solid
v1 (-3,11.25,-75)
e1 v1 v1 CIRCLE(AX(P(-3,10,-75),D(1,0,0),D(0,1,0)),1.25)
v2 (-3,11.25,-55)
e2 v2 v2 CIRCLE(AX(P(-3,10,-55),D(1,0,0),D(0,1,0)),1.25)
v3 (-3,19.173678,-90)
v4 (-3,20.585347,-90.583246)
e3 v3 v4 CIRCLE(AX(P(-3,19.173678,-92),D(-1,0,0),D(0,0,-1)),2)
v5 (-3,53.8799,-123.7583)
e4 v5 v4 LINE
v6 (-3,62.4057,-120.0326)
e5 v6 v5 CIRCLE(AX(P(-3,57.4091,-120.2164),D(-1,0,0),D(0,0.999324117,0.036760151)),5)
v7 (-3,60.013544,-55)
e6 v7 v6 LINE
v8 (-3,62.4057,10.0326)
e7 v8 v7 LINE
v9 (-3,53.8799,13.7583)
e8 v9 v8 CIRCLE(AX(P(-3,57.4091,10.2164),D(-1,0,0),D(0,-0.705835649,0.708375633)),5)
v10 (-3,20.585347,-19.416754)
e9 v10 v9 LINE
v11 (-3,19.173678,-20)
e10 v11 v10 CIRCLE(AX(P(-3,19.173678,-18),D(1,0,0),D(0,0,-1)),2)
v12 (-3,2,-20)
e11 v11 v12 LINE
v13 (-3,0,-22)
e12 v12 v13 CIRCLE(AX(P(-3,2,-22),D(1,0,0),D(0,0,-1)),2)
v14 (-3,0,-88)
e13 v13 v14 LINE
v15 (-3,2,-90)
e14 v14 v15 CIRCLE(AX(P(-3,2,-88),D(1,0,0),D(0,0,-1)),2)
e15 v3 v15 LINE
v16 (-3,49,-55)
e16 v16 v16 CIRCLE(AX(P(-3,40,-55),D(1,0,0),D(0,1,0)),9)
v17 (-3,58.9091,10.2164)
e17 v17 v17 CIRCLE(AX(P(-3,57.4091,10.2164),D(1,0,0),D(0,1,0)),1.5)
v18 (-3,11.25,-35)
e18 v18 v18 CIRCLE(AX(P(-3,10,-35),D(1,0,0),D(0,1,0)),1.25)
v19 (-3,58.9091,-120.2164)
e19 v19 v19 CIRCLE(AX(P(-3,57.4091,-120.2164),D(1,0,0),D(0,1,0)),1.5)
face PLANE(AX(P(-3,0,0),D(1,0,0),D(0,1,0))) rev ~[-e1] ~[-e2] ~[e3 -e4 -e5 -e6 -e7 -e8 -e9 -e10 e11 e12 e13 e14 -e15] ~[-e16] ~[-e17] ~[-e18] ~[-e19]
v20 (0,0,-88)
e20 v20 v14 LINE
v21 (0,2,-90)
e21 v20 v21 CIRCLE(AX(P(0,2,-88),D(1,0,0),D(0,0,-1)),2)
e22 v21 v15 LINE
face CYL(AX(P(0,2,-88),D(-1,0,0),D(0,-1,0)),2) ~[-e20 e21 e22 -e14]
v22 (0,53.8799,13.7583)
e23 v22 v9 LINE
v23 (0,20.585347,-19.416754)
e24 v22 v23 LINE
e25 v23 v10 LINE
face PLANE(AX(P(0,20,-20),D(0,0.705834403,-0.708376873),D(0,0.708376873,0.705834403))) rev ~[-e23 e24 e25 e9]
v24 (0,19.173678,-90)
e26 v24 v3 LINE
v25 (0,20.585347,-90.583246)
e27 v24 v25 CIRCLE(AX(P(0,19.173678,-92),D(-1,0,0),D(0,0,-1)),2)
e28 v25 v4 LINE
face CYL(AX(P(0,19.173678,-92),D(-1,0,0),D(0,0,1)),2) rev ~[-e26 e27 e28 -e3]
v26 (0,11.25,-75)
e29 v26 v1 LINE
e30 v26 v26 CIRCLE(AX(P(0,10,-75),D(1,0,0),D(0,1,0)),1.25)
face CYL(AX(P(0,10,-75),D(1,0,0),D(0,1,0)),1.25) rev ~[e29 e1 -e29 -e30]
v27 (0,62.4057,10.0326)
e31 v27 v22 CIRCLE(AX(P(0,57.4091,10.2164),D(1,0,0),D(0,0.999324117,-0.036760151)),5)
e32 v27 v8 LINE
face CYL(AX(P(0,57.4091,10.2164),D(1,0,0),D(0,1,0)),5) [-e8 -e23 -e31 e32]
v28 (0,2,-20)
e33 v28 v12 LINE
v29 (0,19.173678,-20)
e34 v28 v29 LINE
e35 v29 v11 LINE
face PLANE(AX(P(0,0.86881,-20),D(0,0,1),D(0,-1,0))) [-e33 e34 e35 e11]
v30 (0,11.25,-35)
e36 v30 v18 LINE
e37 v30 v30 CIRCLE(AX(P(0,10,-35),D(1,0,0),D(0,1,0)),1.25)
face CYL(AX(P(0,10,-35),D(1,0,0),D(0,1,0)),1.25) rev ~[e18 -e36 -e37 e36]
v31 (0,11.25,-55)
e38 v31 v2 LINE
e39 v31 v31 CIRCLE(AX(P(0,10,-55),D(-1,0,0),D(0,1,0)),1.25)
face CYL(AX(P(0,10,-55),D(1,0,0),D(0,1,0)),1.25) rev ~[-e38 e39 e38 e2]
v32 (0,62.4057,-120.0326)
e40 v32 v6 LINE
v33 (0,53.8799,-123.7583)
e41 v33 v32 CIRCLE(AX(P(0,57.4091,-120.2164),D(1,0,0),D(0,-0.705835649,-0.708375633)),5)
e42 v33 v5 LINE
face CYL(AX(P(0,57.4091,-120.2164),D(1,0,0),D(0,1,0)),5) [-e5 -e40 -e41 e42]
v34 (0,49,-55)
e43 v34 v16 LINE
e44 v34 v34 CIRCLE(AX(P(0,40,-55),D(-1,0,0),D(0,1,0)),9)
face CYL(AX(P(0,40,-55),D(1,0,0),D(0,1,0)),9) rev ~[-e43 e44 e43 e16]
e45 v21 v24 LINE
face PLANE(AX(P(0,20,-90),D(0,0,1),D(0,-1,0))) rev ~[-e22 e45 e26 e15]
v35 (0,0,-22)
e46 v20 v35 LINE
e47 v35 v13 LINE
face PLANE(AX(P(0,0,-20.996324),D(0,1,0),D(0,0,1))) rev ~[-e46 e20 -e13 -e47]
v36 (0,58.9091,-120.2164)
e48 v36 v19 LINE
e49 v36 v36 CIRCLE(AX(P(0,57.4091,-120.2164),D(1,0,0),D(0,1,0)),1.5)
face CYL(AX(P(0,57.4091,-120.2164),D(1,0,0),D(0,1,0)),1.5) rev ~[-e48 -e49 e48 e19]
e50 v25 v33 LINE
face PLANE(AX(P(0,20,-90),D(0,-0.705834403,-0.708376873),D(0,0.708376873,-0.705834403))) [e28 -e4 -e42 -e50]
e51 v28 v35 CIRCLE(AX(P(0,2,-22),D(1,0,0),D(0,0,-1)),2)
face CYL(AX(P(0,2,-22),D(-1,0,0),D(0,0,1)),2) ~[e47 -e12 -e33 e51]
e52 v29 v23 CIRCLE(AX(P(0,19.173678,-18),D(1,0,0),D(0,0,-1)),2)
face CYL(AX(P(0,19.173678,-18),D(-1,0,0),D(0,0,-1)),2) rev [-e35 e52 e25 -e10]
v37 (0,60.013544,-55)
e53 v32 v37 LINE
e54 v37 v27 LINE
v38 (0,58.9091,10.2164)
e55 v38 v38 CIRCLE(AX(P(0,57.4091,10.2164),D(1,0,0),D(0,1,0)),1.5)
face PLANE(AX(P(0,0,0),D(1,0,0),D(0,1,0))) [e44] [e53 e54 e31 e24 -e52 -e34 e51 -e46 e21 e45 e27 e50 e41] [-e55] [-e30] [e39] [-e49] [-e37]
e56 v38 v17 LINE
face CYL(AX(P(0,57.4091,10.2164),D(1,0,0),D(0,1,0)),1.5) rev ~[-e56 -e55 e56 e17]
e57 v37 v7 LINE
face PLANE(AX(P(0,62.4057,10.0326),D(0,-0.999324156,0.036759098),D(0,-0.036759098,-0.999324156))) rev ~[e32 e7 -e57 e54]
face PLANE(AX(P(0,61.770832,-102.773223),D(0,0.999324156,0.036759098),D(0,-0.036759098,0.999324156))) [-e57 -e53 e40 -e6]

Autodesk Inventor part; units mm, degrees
ref_plane "YZ Plane" through (0, 0, 0) normal (1, 0, 0) x (0, 1, 0)
ref_plane "XZ Plane" through (0, 0, 0) normal (0, 1, 0) x (-1, 0, 0)
ref_plane "XY Plane" through (0, 0, 0) normal (0, 0, 1) x (1, 0, 0)
sketch "スケッチ1" plane through (0, 0, 0) normal (1, 0, 0) x (0, 1, 0)
  line L0 (0, 0) -> (20, 0)
  line L1 (20, 0) -> (20, -110)
  line L2 (20, -110) -> (0, -110)
  line L3 (0, -110) -> (0, 0)
  circle A0 centre (40, -55) radius 52.5
  line L4 (-12.5, 72.5213) -> (-12.5, -343.3137)
  circle A1 centre (40, -55) radius 9.5 construction
  circle A2 centre (40, -55) radius 20
  circle A3 centre (68.2843, -26.7157) radius 20
  circle A4 centre (68.2843, -83.2843) radius 20
  line L5 (68.2843, -26.7157) -> (40, -55)
  line L6 (40, -55) -> (68.2843, -83.2843)
  line L7 (40, -55) -> (40, -2.5)
  line L8 (0, 15) -> (20, 15)
  line L9 (20, 15) -> (20, -125)
  line L10 (20, -125) -> (0, -125)
  line L11 (0, -125) -> (0, 15)
  circle A5 centre (68.2843, -26.7157) radius 23.5
  circle A6 centre (57.4091, 10.2164) radius 5
  circle A7 centre (57.4091, -120.2164) radius 5
  line L12 (20, -20) -> (0, -20)
  line L13 (0, -55) -> (20, -55)
  circle A8 centre (40, -55) radius 9
  circle A9 centre (57.4091, 10.2164) radius 1.5
  circle A10 centre (57.4091, -120.2164) radius 1.5
  line L14 (20, -20) -> (53.8799, 13.7583)
  line L15 (62.4057, 10.0326) -> (59.9865, -55.7352)
  circle A11 centre (10, -55) radius 1.25
  circle A12 centre (10, -35) radius 1.25
  line L16 (20, -90) -> (53.8799, -123.7583)
  line L17 (62.4057, -120.0326) -> (59.9865, -54.2648)
  circle A13 centre (10, -75) radius 1.25
  line L18 (20, -90) -> (0, -90)
  point P0 (0.8688, -20)
  point P1 (0, -20.9963)
  point P2 (0, -89.0037)
  point P3 (0.8688, -90)
  point P4 (60.0135, -55)
  point P5 (0, -90)
  point P6 (0, -20)
  dimension "d2" = 105
  dimension "d6" = 40
  dimension "d0" = 20
  dimension "d1" = 110
  dimension "d3" = 19
  dimension "d4" = 20
  dimension "d5" = 55
  dimension "d7" = 40
  dimension "d8" = 40
  dimension "d9" = 90
  dimension "d10" = 45
  dimension "d11" = 20
  dimension "d12" = 140
  dimension "d13" = 70
  dimension "d14" = 0
  dimension "d15" = 47
  dimension "d16" = 10
  dimension "d17" = 10
  dimension "d18" = 67.5
  dimension "d19" = 67.5
  dimension "d20" = 38.5
  dimension "d21" = 38.5
  dimension "d22" = 20
  dimension "d23" = 18
  dimension "d24" = 3
  dimension "d25" = 3
  dimension "d26" = 2.5
  dimension "d27" = 2.5
  dimension "d28" = 10
  dimension "d29" = 20
extrude "押し出し1" add sketch "スケッチ1" against normal blind 3 contours L12 A0 L3 | A0 L12 L1 L13 A11 L3 | L14 A0 L7 A2 L1 | L14 A6 L15 A5 A0 | L13 A11 L1 L18 A0 L3 | A2 A4 L17 A0 L16 L1 | A2 L7 A8 L6 | A0 A5 A2 L7 | A6 | A0 L18 L3 | A2 A5 L5 A8 L7 | L6 A8 L5 A5 A2 | A2 L15 L17 A4 | L6 L17 A4 | A4 L17 L6 | A5 L15 A0 | A0 L15 A3 A2 A5 | A0 L17 A7 L16 | A2 L5 A5 | A2 L17 L15 | A7 | A3 L15 A5 A2 | L5 L15 A3 | A3 L15 L5 | A2 A5 L5 | L17 A2 A5 L15
fillet "フィレット1" radius 2 5 edges at (-1.5, 20, -90) (-1.5, 0, -90) (-1.5, 0, -20) (-1.5, 20, -20) (-1.5, 60.0135, -55)
equation "\"d19\" = d18"
equation "\"d21\" = d20"
properties part number "base_weel-v3-Plate-1" material "アルミニウム 6061"
